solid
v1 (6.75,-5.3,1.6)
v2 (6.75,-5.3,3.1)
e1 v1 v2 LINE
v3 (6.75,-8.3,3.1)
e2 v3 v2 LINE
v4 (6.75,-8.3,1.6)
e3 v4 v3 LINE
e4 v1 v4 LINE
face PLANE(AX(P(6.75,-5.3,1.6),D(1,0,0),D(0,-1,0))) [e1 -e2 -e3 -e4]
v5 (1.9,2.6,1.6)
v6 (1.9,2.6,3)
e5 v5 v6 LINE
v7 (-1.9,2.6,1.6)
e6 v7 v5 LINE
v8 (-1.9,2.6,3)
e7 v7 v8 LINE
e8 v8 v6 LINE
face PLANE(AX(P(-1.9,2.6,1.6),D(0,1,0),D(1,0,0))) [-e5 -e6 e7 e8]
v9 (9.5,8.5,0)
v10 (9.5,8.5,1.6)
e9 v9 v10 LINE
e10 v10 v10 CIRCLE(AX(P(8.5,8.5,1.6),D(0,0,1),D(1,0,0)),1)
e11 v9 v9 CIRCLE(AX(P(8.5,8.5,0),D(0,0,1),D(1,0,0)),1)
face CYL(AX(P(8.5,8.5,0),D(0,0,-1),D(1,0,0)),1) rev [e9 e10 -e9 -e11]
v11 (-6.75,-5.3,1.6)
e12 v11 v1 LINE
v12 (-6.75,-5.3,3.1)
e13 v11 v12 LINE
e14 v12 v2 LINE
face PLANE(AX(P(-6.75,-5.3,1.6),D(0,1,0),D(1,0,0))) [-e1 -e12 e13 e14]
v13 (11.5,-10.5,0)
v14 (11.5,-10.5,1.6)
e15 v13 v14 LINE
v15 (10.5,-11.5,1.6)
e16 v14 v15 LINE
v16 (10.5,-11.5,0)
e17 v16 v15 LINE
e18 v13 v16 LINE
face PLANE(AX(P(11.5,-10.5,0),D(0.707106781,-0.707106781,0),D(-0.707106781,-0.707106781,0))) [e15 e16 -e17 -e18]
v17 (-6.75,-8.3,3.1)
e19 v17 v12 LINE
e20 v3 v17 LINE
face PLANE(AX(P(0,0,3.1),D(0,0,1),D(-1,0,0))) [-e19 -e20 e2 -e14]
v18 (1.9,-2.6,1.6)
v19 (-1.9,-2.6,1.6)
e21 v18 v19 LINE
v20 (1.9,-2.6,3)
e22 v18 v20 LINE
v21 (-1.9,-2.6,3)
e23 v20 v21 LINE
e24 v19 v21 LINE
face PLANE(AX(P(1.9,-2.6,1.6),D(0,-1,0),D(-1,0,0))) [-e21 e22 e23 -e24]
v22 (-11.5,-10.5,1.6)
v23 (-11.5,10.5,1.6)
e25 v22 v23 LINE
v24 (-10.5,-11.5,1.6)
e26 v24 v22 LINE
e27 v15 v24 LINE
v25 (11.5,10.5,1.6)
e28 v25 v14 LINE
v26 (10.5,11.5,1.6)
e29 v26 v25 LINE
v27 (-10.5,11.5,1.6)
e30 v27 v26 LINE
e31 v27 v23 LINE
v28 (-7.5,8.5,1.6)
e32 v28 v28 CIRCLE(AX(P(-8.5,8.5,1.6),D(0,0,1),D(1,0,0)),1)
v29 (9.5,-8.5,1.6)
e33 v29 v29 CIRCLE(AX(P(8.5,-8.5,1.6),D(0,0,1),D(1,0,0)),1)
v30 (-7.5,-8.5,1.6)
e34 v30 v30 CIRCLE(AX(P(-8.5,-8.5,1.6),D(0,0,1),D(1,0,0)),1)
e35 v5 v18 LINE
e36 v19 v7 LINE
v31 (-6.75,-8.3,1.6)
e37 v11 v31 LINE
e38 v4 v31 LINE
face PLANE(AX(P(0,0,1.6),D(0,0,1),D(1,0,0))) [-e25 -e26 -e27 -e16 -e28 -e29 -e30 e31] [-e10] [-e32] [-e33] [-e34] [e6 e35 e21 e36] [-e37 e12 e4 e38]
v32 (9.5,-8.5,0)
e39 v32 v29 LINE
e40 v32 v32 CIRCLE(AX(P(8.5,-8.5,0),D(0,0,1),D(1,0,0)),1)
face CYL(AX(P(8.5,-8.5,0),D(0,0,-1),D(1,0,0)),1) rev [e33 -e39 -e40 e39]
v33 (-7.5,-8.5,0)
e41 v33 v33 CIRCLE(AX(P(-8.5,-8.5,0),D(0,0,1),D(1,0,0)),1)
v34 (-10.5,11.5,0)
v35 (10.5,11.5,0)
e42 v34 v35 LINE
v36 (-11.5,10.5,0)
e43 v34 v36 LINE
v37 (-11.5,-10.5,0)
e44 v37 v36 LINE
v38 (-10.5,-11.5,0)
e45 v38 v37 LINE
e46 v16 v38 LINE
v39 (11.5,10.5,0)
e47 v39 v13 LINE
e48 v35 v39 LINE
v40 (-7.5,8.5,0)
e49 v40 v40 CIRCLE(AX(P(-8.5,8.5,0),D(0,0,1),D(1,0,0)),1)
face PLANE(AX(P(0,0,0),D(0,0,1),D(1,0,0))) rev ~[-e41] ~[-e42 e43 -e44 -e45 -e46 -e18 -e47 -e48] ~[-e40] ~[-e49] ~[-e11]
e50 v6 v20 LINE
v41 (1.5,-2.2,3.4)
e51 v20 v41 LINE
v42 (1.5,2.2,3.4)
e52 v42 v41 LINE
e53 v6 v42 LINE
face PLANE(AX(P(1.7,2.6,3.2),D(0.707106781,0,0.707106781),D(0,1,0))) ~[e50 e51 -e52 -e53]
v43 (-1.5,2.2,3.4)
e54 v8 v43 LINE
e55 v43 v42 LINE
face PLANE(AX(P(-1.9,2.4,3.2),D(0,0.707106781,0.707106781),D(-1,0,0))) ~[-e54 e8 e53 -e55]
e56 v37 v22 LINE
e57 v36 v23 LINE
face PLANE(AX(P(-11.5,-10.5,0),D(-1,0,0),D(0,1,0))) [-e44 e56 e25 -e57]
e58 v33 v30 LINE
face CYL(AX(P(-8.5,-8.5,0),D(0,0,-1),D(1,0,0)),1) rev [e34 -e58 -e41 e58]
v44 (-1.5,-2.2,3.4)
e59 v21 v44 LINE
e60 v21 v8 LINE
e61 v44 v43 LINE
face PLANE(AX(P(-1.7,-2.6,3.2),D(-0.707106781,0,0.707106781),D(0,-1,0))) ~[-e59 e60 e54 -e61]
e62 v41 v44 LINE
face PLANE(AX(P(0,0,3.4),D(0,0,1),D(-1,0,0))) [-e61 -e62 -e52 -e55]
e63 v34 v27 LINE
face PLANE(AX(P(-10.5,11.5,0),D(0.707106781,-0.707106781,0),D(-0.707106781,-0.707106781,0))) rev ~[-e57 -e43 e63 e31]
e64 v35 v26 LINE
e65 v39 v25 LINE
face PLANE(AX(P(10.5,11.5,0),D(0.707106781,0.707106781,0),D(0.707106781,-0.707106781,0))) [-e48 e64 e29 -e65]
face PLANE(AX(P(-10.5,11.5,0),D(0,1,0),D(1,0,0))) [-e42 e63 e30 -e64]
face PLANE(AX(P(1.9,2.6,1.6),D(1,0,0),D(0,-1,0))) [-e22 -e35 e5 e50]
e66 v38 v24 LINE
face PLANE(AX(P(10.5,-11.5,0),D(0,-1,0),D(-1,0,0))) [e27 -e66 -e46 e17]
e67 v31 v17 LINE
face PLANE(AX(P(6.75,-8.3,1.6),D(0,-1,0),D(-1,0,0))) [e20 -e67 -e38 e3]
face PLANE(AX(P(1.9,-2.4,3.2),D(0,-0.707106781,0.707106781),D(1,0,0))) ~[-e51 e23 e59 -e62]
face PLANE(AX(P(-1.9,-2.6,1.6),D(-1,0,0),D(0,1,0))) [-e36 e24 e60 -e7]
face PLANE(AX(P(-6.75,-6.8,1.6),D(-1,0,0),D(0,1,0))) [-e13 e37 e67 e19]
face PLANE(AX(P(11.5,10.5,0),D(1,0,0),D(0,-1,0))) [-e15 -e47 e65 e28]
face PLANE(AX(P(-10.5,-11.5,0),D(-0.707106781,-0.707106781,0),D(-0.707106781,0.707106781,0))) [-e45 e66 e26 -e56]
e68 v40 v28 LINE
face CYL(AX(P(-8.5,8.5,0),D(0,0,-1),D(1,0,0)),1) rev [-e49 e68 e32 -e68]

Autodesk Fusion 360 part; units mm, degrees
sketch "Sketch1" plane through (0, 0, 0) normal (0, 0, 1) x (1, 0, 0)
  circle A0 centre (-8.5, 8.5) radius 1
  line L0 (-10.5, 11.5) -> (10.5, 11.5)
  line L1 (11.5, 10.5) -> (11.5, -10.5)
  line L2 (10.5, -11.5) -> (-10.5, -11.5)
  line L3 (-11.5, -10.5) -> (-11.5, 10.5)
  line L4 (-9.5, 11.5) -> (-9.5, 8.5) construction
  line L5 (-7.5, 11.5) -> (-7.5, 8.5) construction
  line L6 (-8.5, 9.5) -> (-11.5, 9.5) construction
  line L7 (0, 11.5) -> (0, -11.5) construction
  line L8 (-11.5, 0) -> (11.5, 0) construction
  circle A1 centre (8.5, 8.5) radius 1
  circle A2 centre (8.5, -8.5) radius 1
  circle A3 centre (-8.5, -8.5) radius 1
  line L9 (-10.5, 11.5) -> (-11.5, 10.5)
  line L10 (10.5, 11.5) -> (11.5, 10.5)
  line L11 (11.5, -10.5) -> (10.5, -11.5)
  line L12 (-10.5, -11.5) -> (-11.5, -10.5)
  point P0 (-11.5, 11.5)
  point P1 (11.5, 11.5)
  point P2 (11.5, -11.5)
  point P3 (-11.5, -11.5)
  dimension "d2" = 23
  dimension "d3" = 23
  dimension "d5" = 2
  dimension "d6" = 19
  dimension "d7" = 2
  dimension "d8" = 1
  dimension "d9" = 1
  dimension "d10" = 1
  dimension "d11" = 1
  dimension "d12" = 1
  dimension "d13" = 1
  dimension "d14" = 1
  dimension "d15" = 1
extrude "Extrude1" add sketch "Sketch1" along normal blind 1.6
sketch "Sketch2" plane through (0, 0, 1.6) normal (0, 0, 1) x (-1, 0, 0)
  circle A0 centre (8.5, 8.5) radius 1
  circle A1 centre (-8.5, -8.5) radius 1
  circle A2 centre (-8.5, 8.5) radius 1
  circle A3 centre (8.5, -8.5) radius 1
  line L0 (10.5, -11.5) -> (11.5, -10.5)
  line L1 (11.5, -10.5) -> (11.5, 10.5)
  line L2 (11.5, 10.5) -> (10.5, 11.5)
  line L3 (10.5, 11.5) -> (-10.5, 11.5)
  line L4 (-10.5, 11.5) -> (-11.5, 10.5)
  line L5 (-11.5, 10.5) -> (-11.5, -10.5)
  line L6 (-11.5, -10.5) -> (-10.5, -11.5)
  line L7 (-10.5, -11.5) -> (10.5, -11.5)
  line L8 (1.9, -2.6) -> (-1.9, -2.6)
  line L9 (-1.9, -2.6) -> (-1.9, 2.6)
  line L10 (-1.9, 2.6) -> (1.9, 2.6)
  line L11 (1.9, 2.6) -> (1.9, -2.6)
  line L12 (11, -11) -> (-11, 11) construction
  line L13 (-11, -11) -> (11, 11) construction
  line L14 (1.9, -2.6) -> (-1.9, 2.6) construction
  line L15 (1.9, 2.6) -> (-1.9, -2.6) construction
  line L16 (6.75, 6.8) -> (-6.75, 6.8)
  line L17 (6.75, 5.3) -> (-6.75, 5.3)
  line L18 (-6.75, 5.3) -> (-6.75, 8.3)
  line L19 (-6.75, 8.3) -> (6.75, 8.3)
  line L20 (6.75, 8.3) -> (6.75, 5.3)
  line L21 (0, 6.8) -> (0, 11.5) construction
  dimension "d18" = 5.2
  dimension "d19" = 3.8
  dimension "d23" = 4.7
  dimension "d24" = 3
  dimension "d25" = 13.5
extrude "Extrude2" add sketch "Sketch2" along normal blind 1.8 contours L8 L9 L10 L11
chamfer "Chamfer1" distance 0.4 angle 45 1 faces at (-0.6333, 0.8667, 3.4)
extrude "Extrude3" add sketch "Sketch2" along normal blind 1.5 contours L16 L17 L18 L20 | L16 L18 L19 L20
sketch "Sketch3" plane through (0, 0, 3.4) normal (0, 0, 1) x (-1, 0, 0)
  line L0 (-1.5, -2.2) -> (1.5, -2.2)
  line L1 (1.5, -2.2) -> (1.5, 2.2)
  line L2 (1.5, 2.2) -> (-1.5, 2.2)
  line L3 (-1.5, 2.2) -> (-1.5, -2.2)
equation "d7 = d5"
equation "d9 = d8"
equation "d11 = d10"
equation "d13 = d12"
equation "d15 = d14"
